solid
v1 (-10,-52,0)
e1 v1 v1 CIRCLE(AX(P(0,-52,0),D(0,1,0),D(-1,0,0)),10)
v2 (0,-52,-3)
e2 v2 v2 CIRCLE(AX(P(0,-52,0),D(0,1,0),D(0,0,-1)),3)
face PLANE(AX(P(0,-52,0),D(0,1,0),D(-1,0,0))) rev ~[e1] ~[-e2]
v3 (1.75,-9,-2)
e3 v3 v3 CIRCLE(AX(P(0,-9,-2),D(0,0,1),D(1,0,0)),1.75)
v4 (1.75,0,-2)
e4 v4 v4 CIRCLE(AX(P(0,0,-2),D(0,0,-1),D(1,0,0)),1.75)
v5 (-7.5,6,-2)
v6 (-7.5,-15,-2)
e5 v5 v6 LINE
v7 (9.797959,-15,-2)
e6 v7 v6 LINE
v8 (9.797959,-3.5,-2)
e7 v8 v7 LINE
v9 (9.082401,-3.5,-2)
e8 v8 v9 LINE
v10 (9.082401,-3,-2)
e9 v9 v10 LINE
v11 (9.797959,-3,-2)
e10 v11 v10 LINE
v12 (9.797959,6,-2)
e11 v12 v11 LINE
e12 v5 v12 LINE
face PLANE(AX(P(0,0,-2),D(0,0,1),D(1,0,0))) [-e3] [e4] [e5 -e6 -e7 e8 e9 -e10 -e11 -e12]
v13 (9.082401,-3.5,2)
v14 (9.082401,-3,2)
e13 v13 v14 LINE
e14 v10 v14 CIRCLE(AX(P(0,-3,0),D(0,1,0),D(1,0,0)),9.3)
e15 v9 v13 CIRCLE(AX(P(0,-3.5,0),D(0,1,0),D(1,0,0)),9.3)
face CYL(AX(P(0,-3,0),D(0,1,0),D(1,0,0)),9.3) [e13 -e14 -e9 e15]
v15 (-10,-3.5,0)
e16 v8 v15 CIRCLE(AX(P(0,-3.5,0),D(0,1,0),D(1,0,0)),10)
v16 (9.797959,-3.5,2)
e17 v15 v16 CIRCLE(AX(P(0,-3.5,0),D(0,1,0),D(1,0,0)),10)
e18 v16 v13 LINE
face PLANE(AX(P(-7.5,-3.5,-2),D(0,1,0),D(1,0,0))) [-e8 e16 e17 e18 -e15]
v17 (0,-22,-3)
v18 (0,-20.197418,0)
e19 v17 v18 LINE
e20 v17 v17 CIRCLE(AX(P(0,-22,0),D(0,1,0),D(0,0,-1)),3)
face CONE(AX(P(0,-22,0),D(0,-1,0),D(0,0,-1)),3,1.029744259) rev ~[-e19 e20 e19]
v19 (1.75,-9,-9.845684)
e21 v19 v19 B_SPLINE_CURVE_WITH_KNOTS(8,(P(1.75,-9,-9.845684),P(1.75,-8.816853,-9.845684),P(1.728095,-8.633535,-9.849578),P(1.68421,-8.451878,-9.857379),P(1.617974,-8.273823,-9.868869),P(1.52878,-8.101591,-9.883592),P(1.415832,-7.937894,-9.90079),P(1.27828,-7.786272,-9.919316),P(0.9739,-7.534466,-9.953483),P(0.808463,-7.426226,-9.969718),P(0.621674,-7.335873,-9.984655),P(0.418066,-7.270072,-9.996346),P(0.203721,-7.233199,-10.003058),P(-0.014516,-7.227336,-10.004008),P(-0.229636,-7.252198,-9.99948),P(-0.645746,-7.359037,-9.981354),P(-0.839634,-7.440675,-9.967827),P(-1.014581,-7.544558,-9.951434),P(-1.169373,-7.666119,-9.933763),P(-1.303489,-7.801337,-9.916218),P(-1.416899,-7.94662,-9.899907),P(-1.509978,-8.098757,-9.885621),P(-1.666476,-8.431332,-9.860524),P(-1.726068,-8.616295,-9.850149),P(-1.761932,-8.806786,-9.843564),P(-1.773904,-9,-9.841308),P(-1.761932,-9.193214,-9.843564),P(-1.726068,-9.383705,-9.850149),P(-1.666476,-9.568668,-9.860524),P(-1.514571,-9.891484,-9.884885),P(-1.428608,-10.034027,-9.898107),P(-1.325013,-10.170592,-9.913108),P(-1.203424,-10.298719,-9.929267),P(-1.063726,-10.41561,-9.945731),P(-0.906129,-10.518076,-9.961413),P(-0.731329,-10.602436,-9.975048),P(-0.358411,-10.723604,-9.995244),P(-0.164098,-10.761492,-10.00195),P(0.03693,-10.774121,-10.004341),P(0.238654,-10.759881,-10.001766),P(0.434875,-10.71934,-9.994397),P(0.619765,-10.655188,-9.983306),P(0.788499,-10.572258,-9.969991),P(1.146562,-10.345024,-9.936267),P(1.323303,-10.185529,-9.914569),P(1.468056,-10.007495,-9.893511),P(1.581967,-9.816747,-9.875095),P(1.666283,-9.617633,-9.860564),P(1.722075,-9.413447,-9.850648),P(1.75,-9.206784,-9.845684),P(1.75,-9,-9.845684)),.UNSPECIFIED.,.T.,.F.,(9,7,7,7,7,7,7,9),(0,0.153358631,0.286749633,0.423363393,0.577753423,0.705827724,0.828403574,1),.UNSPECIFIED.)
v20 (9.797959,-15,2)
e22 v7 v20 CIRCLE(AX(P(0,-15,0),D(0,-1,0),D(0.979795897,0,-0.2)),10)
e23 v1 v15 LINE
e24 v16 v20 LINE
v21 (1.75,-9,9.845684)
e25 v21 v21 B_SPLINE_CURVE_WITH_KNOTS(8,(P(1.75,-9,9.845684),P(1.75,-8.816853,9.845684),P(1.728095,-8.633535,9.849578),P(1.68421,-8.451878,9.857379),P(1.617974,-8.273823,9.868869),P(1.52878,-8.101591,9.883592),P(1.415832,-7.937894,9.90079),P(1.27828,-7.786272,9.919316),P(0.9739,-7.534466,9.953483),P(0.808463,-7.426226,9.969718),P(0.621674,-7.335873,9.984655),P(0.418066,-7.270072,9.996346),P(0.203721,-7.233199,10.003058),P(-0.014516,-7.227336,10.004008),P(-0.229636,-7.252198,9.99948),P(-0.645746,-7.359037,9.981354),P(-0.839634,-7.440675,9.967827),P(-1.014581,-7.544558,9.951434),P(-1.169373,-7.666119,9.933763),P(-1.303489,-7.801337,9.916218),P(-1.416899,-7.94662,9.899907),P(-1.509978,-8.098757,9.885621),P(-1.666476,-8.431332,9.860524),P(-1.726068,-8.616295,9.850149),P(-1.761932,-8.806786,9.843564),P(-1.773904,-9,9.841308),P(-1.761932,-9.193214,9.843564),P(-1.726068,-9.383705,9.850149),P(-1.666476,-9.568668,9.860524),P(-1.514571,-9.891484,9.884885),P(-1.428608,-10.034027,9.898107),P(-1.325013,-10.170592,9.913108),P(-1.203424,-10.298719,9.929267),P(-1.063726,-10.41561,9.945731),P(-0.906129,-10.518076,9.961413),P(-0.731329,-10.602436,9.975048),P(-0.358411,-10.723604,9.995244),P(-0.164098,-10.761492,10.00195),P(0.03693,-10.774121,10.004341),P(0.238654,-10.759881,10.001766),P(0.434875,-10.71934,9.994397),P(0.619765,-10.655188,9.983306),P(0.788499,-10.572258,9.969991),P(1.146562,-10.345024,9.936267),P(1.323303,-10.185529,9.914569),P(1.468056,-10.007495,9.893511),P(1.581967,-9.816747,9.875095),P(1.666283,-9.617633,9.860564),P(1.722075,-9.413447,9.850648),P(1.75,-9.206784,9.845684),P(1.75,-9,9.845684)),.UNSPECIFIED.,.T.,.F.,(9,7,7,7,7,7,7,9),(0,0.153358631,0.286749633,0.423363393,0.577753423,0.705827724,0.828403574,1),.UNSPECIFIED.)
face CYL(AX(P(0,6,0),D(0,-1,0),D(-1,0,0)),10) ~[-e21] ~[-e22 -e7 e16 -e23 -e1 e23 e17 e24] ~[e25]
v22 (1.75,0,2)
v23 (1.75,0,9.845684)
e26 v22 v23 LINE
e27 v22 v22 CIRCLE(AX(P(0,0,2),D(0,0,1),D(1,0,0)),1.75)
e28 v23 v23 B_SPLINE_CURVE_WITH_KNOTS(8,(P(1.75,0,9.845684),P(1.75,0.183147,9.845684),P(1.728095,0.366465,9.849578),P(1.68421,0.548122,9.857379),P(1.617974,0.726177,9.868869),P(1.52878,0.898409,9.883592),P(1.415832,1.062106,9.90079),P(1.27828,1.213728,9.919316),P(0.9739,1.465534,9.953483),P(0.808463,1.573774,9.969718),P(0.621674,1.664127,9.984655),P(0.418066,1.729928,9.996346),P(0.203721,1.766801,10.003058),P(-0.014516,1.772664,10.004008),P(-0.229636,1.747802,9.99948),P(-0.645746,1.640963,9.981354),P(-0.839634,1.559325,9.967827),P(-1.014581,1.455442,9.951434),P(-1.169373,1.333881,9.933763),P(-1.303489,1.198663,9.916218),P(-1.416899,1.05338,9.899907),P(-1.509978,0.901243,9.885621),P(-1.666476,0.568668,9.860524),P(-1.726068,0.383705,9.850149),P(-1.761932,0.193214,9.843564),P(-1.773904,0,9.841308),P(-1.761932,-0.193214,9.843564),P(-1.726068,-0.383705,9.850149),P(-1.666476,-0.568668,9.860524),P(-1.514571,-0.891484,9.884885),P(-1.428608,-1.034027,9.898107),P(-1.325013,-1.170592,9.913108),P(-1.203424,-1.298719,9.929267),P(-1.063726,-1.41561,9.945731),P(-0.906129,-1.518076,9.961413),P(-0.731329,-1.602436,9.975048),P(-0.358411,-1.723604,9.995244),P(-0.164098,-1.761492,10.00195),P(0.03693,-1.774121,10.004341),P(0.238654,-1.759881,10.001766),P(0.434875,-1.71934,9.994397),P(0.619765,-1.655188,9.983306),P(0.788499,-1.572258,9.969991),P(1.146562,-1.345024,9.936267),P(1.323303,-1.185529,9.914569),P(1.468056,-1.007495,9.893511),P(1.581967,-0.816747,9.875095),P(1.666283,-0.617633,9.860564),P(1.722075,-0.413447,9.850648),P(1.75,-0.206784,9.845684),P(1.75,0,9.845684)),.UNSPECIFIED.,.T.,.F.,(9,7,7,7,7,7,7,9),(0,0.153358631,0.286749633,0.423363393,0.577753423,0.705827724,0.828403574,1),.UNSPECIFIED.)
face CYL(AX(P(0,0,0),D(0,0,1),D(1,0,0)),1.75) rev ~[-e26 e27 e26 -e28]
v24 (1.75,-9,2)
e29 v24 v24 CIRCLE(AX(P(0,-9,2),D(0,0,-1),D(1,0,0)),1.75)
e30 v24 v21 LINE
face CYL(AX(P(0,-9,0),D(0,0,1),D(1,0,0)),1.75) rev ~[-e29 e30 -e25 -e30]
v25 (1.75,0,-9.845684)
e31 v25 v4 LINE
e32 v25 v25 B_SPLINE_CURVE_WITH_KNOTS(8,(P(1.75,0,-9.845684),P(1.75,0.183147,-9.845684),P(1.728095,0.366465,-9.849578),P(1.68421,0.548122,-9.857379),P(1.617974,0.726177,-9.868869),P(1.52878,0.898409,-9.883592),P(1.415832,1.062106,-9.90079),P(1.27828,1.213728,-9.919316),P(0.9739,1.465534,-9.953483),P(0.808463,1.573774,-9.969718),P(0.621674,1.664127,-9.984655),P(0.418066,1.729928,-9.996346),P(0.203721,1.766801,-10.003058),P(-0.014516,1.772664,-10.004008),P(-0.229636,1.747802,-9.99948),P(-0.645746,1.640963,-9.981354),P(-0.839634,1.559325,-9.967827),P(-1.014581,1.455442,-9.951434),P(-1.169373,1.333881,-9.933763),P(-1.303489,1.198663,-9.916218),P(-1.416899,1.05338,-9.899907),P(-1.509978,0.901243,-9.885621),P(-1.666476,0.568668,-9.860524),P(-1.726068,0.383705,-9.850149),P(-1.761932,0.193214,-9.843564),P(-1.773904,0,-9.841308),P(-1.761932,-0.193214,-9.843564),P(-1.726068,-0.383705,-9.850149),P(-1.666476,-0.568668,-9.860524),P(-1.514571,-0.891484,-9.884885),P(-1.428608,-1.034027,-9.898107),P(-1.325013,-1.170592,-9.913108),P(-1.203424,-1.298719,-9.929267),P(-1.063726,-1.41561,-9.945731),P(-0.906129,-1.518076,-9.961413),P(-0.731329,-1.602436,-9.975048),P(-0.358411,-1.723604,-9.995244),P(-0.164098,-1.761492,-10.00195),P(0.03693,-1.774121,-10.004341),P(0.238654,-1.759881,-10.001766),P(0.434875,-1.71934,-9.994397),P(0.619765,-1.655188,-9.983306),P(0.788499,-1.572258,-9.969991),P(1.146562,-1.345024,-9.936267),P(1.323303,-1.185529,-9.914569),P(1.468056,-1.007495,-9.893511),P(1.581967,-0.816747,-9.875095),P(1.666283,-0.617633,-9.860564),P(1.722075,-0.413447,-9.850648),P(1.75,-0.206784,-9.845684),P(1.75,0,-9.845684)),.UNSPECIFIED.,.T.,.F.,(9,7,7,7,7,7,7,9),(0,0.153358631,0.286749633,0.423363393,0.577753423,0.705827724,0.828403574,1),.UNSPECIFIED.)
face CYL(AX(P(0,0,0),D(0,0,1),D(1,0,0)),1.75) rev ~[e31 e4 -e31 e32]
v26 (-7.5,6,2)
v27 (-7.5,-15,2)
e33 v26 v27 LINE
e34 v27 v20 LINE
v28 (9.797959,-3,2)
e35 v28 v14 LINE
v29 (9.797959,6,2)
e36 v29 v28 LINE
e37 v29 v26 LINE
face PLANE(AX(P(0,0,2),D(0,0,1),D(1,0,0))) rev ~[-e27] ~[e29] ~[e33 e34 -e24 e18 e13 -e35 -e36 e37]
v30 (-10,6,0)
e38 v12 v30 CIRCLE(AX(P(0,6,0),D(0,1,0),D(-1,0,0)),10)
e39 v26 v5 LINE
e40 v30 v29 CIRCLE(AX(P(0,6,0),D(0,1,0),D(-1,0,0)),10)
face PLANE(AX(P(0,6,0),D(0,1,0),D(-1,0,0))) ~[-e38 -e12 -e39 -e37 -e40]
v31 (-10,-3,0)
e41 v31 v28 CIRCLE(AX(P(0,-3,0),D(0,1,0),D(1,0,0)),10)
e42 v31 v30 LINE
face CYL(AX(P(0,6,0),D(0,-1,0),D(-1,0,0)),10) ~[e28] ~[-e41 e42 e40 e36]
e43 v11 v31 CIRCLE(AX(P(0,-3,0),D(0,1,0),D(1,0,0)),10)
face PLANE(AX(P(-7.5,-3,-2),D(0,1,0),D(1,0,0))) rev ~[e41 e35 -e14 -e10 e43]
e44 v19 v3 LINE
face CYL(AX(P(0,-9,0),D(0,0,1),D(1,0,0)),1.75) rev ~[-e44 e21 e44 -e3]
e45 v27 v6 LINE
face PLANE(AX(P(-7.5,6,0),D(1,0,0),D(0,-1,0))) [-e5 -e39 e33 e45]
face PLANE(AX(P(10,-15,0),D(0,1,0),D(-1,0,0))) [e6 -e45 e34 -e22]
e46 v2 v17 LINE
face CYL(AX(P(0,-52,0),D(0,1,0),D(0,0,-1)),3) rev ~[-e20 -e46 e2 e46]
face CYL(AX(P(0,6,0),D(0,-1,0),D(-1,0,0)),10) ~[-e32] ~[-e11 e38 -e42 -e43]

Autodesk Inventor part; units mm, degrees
ref_plane "YZ Plane" through (0, 0, 0) normal (1, 0, 0) x (0, 1, 0)
ref_plane "XZ Plane" through (0, 0, 0) normal (0, 1, 0) x (-1, 0, 0)
sketch "Body" plane through (0, 0, 0) normal (0, 0, 1) x (1, 0, 0)
  circle A0 centre (0, 0) radius 1.75
  line L0 (-10, -52) -> (10, -52)
  line L1 (10, 6) -> (-10, 6)
  line L2 (10, 6) -> (10, -52)
  line L3 (-10, 6) -> (-10, -52)
  line L4 (0, -52) -> (0, 6)
  line L5 (10, -15) -> (-10, -15)
  circle A1 centre (0, -9) radius 1.75
  circle A2 centre (0, 0) radius 2.75 construction
  circle A3 centre (0, -9) radius 2.75 construction
  line L6 (-7.5, 6) -> (-7.5, -15)
  dimension "d0" = 58
  dimension "d2" = 3.5
  dimension "d3" = 6
  dimension "d5" = 10
  dimension "d6" = 20
  dimension "d7" = 9
  dimension "d23" = 5.5
  dimension "d25" = 6
  dimension "d26" = 2.5
revolve "BodyFeature" add sketch "Body" angle 360 about axis through (0, -52, 0) along (0, 1, 0) picked at (-0.4801, -0.3314) picked at (-0.4801, -8.6686) contours L4 A0 | A0 L4 A1 L5 L6 L1 | L4 A1 | L6 L5 L3 L1 | L5 L4 L0 L3
extrude "HolesFeature" cut sketch "Body" along normal through all both and the other way through all contours A0 L4 | L4 A0 | A1 L4 | L4 A1
extrude "MountFeature" cut sketch "Body" along normal mid plane 4 contours A0 L4 L1 L2 L5 A1 | A0 L4 A1 L5 L6 L1
ref_plane "TopGroovePlane" through (-7.5, -3, -2) normal (0, 1, 0) x (1, 0, 0)
sketch "TopGroove" plane through (-7.5, -3, -2) normal (0, 1, 0) x (1, 0, 0)
  circle A0 centre (7.5, -2) radius 10 projected
  circle A1 centre (7.5, -2) radius 9.3
  dimension "d30" = 0.7
extrude "TopGrooveFeature" cut sketch "TopGroove" against normal blind 0.5
sketch "BottomMountHole" plane through (0, -52, 0) normal (0, -1, 0) x (1, 0, 0)
  circle A0 centre (0, 0) radius 10 projected
hole "BottomMountHoleFeature" at (0, -52, 0) direction (0, 1, 0) diameter 6 depth 30 tip angle 118
properties part number "PelvisMountStem"
